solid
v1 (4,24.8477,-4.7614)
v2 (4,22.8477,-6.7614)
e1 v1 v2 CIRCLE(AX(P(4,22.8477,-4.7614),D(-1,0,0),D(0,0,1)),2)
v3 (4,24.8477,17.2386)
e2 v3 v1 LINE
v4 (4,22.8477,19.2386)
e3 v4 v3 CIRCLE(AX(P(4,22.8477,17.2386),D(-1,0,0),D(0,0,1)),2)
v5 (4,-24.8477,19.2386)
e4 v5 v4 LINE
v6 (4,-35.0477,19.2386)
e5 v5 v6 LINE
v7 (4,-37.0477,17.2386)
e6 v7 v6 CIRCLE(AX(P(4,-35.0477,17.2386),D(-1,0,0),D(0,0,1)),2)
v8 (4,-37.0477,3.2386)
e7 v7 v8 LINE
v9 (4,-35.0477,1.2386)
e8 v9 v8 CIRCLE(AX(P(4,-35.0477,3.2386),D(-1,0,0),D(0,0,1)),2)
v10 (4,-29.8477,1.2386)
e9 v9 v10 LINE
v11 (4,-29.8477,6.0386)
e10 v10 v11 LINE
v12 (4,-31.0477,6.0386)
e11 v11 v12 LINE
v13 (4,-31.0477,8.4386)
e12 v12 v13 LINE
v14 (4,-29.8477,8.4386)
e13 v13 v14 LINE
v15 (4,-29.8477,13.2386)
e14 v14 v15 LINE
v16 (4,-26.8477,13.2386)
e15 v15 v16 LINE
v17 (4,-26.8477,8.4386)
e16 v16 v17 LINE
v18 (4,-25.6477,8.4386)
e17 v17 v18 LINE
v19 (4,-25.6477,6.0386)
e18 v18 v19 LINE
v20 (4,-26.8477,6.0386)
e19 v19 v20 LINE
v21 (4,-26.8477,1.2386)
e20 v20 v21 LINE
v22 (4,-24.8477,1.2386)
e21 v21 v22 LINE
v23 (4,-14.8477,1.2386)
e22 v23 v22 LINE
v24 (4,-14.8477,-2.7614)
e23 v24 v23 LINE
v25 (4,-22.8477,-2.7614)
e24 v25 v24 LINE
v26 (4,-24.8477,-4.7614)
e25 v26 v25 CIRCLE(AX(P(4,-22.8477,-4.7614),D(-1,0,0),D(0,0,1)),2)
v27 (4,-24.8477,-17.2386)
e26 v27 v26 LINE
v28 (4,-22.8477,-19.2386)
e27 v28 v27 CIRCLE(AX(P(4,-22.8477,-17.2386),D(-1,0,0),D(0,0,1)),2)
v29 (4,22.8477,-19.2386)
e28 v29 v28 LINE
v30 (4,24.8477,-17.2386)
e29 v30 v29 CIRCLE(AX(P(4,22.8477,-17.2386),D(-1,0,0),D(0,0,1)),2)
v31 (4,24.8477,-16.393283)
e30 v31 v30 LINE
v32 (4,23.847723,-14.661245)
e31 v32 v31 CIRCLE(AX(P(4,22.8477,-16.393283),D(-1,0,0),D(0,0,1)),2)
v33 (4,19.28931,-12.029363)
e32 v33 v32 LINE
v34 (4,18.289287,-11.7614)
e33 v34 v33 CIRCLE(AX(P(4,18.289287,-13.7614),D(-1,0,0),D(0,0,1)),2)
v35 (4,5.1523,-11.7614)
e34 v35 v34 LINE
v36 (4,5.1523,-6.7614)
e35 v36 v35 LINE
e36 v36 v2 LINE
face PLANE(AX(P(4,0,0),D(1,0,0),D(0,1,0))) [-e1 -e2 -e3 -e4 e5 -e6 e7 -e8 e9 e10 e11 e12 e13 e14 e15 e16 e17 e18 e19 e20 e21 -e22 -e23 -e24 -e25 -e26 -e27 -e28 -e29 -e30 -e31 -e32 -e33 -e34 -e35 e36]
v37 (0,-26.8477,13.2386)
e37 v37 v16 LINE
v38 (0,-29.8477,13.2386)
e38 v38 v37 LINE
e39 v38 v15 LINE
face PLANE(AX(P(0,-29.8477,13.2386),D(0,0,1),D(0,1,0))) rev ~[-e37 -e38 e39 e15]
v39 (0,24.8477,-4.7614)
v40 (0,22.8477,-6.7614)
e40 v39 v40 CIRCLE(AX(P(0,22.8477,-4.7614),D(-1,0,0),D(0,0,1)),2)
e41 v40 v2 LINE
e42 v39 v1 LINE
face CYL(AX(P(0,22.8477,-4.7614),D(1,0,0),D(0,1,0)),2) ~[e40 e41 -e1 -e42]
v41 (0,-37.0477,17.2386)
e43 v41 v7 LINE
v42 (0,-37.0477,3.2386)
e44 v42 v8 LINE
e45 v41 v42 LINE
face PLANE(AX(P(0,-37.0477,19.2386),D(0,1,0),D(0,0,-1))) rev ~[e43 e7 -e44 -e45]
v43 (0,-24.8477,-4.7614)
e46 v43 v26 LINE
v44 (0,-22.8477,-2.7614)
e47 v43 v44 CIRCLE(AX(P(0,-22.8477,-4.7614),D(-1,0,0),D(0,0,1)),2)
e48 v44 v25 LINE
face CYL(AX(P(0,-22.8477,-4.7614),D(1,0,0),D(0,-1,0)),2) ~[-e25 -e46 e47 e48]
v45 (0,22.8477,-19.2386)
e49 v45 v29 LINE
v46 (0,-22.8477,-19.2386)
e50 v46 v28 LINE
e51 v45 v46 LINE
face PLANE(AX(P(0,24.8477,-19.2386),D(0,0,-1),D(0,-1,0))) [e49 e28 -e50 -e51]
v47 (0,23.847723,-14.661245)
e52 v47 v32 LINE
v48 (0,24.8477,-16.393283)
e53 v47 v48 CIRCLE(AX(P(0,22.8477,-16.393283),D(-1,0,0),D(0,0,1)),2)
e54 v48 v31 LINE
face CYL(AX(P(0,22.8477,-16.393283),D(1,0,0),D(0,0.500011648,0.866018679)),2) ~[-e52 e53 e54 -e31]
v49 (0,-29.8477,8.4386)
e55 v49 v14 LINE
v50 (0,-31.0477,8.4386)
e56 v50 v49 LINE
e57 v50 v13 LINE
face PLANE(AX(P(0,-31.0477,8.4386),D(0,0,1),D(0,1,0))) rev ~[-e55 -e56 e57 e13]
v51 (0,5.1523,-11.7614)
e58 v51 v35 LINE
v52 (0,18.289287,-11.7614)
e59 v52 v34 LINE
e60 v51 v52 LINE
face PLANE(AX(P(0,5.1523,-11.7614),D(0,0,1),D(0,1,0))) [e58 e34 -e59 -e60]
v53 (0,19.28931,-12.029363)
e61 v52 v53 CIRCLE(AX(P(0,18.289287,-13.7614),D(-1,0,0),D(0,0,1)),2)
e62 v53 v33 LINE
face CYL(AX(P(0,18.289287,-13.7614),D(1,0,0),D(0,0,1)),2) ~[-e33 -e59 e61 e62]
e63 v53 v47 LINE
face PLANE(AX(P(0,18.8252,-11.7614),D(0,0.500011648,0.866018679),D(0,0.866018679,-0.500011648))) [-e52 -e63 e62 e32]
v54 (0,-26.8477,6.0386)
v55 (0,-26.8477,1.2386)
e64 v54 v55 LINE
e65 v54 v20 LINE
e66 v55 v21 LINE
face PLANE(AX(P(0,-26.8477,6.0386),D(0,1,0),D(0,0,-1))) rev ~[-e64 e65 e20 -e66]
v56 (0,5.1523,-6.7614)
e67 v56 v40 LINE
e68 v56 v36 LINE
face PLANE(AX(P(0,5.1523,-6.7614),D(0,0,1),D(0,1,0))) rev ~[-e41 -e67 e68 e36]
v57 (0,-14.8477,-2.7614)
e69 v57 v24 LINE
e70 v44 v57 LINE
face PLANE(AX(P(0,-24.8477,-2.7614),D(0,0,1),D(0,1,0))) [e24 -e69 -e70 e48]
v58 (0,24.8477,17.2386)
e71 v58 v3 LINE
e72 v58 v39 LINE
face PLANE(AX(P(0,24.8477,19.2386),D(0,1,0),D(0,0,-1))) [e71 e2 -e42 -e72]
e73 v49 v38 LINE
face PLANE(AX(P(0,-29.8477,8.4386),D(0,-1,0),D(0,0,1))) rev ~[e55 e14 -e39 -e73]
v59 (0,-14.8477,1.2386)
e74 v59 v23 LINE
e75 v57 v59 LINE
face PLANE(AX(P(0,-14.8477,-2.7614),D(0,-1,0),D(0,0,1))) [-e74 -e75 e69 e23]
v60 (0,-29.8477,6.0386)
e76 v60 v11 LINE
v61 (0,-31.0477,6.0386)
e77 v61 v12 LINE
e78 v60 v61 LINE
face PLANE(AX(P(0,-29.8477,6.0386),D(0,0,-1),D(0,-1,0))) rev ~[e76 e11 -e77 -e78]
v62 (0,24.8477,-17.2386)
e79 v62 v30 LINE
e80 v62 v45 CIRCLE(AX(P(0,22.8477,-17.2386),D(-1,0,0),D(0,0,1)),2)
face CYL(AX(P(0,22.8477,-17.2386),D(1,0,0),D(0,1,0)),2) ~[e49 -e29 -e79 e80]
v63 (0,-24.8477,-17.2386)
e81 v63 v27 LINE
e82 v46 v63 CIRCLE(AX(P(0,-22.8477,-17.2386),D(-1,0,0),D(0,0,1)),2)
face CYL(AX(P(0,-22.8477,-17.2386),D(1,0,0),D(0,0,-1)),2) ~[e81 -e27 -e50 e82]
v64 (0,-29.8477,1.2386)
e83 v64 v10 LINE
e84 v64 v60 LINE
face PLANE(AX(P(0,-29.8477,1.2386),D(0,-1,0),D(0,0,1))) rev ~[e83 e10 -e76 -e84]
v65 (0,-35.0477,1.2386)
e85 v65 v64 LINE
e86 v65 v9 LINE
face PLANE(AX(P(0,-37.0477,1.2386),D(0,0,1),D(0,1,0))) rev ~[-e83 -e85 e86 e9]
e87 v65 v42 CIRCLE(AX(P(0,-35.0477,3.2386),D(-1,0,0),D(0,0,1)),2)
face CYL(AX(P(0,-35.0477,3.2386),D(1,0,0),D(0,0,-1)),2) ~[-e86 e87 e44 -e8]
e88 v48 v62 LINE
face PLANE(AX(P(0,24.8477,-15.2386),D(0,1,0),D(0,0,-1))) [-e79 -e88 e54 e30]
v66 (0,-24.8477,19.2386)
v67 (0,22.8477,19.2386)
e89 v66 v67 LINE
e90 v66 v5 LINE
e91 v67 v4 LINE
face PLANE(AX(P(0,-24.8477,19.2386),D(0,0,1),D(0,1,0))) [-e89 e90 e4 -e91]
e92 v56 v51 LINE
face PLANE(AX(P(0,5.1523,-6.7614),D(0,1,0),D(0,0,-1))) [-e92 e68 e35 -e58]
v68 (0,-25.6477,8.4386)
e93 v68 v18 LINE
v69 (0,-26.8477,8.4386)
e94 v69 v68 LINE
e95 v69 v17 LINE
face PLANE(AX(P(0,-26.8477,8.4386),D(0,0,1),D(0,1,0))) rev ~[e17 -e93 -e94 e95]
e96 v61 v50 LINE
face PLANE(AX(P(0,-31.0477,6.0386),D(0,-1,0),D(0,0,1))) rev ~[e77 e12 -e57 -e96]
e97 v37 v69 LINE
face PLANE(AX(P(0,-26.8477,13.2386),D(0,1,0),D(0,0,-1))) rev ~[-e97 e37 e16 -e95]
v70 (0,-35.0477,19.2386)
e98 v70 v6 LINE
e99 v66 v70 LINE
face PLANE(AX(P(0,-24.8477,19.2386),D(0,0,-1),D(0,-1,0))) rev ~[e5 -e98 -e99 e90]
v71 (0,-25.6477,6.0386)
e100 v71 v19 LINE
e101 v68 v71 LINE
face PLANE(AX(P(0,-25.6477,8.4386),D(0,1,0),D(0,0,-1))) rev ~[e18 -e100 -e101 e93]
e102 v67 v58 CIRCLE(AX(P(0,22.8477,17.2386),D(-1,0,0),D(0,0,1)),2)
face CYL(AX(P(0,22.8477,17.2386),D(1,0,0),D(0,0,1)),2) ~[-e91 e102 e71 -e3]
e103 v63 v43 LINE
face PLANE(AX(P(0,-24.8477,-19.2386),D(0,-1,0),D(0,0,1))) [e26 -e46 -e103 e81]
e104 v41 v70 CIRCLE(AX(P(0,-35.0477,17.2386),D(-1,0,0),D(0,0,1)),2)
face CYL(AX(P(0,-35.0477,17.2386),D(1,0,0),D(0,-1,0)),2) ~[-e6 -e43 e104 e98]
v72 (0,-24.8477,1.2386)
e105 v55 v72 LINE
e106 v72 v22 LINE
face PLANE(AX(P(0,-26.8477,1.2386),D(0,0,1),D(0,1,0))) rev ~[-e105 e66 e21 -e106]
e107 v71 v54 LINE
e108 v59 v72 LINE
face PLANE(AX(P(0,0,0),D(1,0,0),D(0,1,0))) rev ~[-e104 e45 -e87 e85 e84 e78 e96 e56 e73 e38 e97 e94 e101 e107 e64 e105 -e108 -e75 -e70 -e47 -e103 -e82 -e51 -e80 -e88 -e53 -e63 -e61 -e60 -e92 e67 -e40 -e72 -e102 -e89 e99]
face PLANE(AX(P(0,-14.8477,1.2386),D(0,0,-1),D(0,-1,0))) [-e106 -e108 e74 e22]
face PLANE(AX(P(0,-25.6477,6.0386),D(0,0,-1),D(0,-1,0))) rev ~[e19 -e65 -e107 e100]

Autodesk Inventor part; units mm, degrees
ref_plane "YZ Plane" through (0, 0, 0) normal (1, 0, 0) x (0, 1, 0)
ref_plane "XZ Plane" through (0, 0, 0) normal (0, 1, 0) x (-1, 0, 0)
ref_plane "XY Plane" through (0, 0, 0) normal (0, 0, 1) x (1, 0, 0)
sketch "Sketch1" plane through (0, 0, 0) normal (1, 0, 0) x (0, 1, 0)
  line L0 (5.1523, -6.7614) -> (5.1523, -11.7614)
  line L1 (24.8477, -15.2386) -> (24.8477, -19.2386)
  line L2 (24.8477, -19.2386) -> (-24.8477, -19.2386)
  line L3 (-24.8477, -19.2386) -> (-24.8477, -2.7614)
  line L4 (-24.8477, -2.7614) -> (-14.8477, -2.7614)
  line L5 (-14.8477, -2.7614) -> (-14.8477, 1.2386)
  line L6 (-14.8477, 1.2386) -> (-24.8477, 1.2386)
  line L7 (-24.8477, 1.2386) -> (-24.8477, 19.2386) construction
  line L8 (-24.8477, 19.2386) -> (24.8477, 19.2386)
  line L9 (24.8477, 19.2386) -> (24.8477, -6.7614)
  line L10 (24.8477, 19.2386) -> (-24.8477, -19.2386) construction
  line L11 (-24.8477, 19.2386) -> (-37.0477, 19.2386)
  line L12 (-37.0477, 19.2386) -> (-37.0477, 1.2386)
  line L13 (-37.0477, 1.2386) -> (-29.8477, 1.2386)
  line L14 (-24.8477, 1.2386) -> (-24.8477, 19.2386) construction
  line L15 (-31.0477, 8.4386) -> (-29.8477, 8.4386)
  line L16 (-25.6477, 8.4386) -> (-25.6477, 6.0386)
  line L17 (-25.6477, 6.0386) -> (-26.8477, 6.0386)
  line L18 (-31.0477, 6.0386) -> (-31.0477, 8.4386)
  line L19 (-29.8477, 13.2386) -> (-26.8477, 13.2386)
  line L20 (-26.8477, 13.2386) -> (-26.8477, 8.4386)
  line L21 (-26.8477, 1.2386) -> (-29.8477, 1.2386) construction
  line L22 (-29.8477, 1.2386) -> (-29.8477, 6.0386)
  line L23 (-29.8477, 8.4386) -> (-26.8477, 8.4386) construction
  line L24 (-29.8477, 8.4386) -> (-29.8477, 13.2386)
  line L25 (-29.8477, 6.0386) -> (-29.8477, 8.4386) construction
  line L26 (-26.8477, 8.4386) -> (-25.6477, 8.4386)
  line L27 (-26.8477, 8.4386) -> (-26.8477, 6.0386) construction
  line L28 (-26.8477, 6.0386) -> (-26.8477, 1.2386)
  line L29 (-26.8477, 6.0386) -> (-29.8477, 6.0386) construction
  line L30 (-29.8477, 6.0386) -> (-31.0477, 6.0386)
  line L31 (-29.8477, 1.2386) -> (-26.8477, 1.2386) construction
  line L32 (-26.8477, 1.2386) -> (-24.8477, 1.2386)
  line L33 (5.1523, -6.7614) -> (24.8477, -6.7614)
  line L34 (5.1523, -11.7614) -> (18.8252, -11.7614)
  line L35 (18.8252, -11.7614) -> (24.8477, -15.2386)
  point P0 (0, 0)
  point P1 (0, 0)
  point P2 (-28.3477, 13.2386)
  point P3 (-28.3477, -1.2973)
  point P4 (-31.0477, 7.2386)
  point P5 (-29.9884, 7.2386)
  dimension "d1" = 4
  dimension "d7" = 10
  dimension "d8" = 20
  dimension "d9" = 20
  dimension "d15" = 5.4
  dimension "d16" = 2.4
  dimension "d17" = 3
  dimension "d18" = 12
  dimension "d19" = 6
  dimension "d20" = 2
  dimension "d21" = 6
  dimension "d23" = 5
  dimension "d24" = 30
  dimension "d25" = 19.6954
  dimension "d26" = 4
  dimension "d27" = 4
extrude "Extrusion1" add sketch "Sketch1" along normal blind 4
fillet "Fillet1" radius 2 9 edges at (2, 24.8477, 19.2386) (2, 24.8477, -6.7614) (2, -24.8477, -2.7614) (2, -24.8477, -19.2386) (2, 24.8477, -15.2386) (2, 24.8477, -19.2386) (2, -37.0477, 19.2386) (2, 18.8252, -11.7614) (2, -37.0477, 1.2386)
properties part number "CoverHolder" material "MDF Medium Density Fiberboard"
